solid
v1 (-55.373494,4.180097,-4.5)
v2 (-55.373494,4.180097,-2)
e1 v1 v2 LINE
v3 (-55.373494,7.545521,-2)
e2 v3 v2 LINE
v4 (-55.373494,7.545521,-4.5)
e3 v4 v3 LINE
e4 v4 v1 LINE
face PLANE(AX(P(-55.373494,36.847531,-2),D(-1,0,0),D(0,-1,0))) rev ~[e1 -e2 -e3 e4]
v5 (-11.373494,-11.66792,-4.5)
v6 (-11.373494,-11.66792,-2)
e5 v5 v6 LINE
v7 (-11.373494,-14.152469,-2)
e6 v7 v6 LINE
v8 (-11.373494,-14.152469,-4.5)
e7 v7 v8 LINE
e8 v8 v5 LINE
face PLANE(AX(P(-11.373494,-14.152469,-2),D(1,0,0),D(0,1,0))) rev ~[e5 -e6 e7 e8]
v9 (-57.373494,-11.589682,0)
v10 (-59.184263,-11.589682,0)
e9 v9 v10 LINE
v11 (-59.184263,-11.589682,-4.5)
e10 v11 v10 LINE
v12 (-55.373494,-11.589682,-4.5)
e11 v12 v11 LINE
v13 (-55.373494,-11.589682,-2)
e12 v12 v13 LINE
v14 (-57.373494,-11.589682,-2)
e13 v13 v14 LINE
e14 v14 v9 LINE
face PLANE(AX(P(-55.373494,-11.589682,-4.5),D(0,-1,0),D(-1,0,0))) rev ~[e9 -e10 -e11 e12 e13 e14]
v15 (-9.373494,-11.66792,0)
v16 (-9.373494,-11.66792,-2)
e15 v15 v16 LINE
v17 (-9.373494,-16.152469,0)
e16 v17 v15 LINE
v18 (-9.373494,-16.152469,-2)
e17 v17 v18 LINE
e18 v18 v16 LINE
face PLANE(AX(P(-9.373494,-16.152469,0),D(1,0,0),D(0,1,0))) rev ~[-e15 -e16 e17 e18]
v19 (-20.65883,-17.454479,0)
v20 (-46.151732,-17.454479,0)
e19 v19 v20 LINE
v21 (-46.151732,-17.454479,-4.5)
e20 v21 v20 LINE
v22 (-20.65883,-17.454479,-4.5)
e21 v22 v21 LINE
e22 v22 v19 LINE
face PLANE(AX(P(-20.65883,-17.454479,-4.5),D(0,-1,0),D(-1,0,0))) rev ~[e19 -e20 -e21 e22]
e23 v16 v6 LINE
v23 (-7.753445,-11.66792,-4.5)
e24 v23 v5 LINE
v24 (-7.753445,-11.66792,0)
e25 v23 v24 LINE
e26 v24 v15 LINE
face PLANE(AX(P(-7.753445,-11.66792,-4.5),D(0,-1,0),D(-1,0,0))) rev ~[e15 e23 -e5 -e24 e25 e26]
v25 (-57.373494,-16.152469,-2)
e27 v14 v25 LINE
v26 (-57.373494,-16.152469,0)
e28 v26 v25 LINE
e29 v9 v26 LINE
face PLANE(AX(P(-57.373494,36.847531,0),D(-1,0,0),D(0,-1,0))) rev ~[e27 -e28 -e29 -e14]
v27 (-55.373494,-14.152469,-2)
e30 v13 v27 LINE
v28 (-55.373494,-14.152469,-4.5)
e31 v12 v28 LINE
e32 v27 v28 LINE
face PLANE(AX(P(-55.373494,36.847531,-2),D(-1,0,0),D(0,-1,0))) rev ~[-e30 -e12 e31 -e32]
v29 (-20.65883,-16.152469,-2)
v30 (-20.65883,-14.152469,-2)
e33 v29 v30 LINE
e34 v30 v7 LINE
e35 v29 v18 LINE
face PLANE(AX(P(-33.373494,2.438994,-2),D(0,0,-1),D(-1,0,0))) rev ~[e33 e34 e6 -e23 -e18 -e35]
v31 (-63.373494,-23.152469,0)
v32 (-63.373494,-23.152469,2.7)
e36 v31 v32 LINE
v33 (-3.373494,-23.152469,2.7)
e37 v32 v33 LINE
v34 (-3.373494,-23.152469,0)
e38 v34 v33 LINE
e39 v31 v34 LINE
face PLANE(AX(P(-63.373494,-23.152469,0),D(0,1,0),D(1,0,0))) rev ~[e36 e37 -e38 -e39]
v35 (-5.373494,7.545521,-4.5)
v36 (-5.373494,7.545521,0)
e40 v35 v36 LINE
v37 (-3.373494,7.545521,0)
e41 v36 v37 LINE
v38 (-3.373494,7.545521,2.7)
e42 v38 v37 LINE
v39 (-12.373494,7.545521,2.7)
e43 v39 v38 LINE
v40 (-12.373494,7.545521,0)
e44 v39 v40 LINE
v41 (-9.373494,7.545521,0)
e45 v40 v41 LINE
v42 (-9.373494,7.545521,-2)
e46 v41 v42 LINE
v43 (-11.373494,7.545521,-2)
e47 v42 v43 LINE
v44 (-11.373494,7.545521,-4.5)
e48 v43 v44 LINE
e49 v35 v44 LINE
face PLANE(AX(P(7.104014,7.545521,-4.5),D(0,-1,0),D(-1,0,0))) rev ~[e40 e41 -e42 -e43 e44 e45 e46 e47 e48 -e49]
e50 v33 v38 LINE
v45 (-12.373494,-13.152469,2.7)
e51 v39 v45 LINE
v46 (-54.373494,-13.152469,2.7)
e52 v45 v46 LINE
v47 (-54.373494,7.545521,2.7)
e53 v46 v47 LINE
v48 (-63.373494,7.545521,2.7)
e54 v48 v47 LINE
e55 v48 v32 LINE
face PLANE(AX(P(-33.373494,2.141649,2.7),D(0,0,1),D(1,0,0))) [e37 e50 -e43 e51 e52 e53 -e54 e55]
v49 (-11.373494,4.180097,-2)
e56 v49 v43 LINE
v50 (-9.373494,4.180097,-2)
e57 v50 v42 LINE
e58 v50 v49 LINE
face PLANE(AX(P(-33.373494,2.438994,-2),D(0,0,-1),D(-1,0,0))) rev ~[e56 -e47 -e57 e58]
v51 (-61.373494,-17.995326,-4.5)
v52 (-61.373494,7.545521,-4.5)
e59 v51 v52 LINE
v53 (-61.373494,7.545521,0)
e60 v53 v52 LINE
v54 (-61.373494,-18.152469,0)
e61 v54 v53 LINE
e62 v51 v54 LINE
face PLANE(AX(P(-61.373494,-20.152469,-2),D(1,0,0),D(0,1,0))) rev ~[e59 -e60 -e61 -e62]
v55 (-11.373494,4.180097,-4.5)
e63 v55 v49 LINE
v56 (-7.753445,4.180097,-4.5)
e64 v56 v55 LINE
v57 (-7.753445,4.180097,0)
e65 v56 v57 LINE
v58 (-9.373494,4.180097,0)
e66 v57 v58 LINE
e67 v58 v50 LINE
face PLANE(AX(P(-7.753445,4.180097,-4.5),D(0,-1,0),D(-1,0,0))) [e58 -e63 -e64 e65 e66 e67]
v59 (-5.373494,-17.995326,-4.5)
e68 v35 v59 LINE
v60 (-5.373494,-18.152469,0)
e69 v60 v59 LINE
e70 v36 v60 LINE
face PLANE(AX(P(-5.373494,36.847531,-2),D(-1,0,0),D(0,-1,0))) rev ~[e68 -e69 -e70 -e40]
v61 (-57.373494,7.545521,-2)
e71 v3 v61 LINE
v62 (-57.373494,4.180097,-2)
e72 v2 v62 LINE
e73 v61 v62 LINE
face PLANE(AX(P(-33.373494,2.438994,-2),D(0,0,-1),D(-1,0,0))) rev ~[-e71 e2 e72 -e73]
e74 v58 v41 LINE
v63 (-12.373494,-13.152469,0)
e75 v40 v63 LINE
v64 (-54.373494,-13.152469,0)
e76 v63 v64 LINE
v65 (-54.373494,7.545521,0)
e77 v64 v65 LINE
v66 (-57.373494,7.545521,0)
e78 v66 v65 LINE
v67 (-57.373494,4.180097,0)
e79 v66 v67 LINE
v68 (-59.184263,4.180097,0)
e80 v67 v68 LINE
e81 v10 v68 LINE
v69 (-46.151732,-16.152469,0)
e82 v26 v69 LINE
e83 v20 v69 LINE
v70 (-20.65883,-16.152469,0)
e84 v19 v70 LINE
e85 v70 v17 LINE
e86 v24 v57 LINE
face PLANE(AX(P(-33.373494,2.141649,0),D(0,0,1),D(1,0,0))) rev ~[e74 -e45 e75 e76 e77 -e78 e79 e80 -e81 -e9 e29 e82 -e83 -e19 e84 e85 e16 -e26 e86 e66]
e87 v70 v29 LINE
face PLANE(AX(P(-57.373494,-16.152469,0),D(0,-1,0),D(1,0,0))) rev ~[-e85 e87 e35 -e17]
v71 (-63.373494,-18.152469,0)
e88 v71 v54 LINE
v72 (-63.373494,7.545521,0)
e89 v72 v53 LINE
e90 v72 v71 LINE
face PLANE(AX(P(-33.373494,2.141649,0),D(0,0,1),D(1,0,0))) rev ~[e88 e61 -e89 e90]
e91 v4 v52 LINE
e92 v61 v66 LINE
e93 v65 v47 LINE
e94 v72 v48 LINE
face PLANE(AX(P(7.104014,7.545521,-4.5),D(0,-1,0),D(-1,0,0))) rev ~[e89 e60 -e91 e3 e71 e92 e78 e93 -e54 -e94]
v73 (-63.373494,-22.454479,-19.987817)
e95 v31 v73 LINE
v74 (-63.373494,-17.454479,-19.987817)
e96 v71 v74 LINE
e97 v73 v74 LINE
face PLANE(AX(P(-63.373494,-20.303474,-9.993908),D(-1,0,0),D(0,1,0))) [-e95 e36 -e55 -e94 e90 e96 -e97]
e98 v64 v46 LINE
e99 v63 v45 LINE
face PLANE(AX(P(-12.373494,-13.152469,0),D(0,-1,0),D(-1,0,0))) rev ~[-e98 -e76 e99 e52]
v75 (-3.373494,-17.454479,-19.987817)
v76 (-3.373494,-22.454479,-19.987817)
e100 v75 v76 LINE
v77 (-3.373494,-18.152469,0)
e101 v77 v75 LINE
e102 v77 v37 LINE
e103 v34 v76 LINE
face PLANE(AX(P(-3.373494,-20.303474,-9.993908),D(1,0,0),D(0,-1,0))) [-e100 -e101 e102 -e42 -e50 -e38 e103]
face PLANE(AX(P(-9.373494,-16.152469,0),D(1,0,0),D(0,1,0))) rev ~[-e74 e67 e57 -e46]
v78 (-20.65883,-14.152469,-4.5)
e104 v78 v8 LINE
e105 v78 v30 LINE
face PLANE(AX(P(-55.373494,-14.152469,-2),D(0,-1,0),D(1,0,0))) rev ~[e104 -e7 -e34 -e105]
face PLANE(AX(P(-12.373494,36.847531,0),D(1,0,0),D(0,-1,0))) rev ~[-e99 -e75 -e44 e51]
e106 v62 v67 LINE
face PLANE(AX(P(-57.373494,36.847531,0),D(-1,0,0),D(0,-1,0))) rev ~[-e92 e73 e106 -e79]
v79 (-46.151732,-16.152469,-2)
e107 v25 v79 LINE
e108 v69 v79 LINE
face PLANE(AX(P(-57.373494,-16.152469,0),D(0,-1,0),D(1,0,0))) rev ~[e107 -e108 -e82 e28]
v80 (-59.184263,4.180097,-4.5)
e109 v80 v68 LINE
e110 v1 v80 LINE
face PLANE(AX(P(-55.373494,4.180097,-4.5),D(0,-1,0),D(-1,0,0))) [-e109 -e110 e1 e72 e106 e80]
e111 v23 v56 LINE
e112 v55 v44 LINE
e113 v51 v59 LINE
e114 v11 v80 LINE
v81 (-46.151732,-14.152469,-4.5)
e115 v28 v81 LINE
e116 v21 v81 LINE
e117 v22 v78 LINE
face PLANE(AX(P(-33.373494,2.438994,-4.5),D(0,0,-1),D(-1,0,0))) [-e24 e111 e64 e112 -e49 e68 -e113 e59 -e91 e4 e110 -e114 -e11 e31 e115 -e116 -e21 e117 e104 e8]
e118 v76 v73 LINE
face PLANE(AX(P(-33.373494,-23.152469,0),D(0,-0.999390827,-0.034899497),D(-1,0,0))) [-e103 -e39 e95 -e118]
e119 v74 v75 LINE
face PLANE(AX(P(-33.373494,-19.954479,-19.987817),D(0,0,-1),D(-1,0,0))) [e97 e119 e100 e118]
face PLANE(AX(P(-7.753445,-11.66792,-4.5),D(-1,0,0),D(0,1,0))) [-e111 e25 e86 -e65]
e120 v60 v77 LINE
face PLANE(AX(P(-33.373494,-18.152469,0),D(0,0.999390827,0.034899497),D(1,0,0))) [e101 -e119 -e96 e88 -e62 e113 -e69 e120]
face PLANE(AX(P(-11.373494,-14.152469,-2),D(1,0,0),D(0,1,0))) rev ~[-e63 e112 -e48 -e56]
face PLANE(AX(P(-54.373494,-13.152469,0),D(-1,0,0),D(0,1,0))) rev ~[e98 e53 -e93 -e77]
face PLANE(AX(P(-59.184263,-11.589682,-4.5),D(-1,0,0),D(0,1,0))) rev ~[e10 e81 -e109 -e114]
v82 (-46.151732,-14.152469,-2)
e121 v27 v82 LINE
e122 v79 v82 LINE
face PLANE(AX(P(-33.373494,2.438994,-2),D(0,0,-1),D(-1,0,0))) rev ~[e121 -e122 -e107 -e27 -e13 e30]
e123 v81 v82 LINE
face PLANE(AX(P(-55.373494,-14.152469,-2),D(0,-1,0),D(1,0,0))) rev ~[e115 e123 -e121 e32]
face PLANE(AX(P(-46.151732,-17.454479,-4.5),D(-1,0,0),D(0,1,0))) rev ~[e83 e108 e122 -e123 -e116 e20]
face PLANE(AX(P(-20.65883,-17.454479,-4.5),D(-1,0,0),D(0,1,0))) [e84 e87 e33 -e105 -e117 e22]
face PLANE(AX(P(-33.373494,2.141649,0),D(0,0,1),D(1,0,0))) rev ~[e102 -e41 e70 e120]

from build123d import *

# Parameters (mm, degrees)
BOSS_EXTRUDE1_DEPTH = 2.7
BOSS_EXTRUDE2_DEPTH = 2
BOSS_EXTRUDE3_DEPTH = 2.5
SKETCH9_W           = 60
SKETCH9_H           = 5
CUT_EXTRUDE6_DEPTH  = 10
SKETCH11_W          = 25.492902138
SKETCH11_H          = 3.302010066
SKETCH11_W_2        = 3.620048782
SKETCH11_H_2        = 15.848017525
SKETCH11_W_3        = 3.810768748
SKETCH11_H_3        = 15.769779212
CUT_EXTRUDE7_DEPTH  = 4.5


with BuildPart() as part:
    # Sketch1 → Boss-Extrude1 (new body)
    with BuildSketch(Plane.XY):
        Polygon((-54.373493976, 36.84753086), (-63.373493976, 36.84753086), (-63.373493976, -23.15246914), (-3.373493976, -23.15246914), (-3.373493976, 36.84753086), (-12.373493976, 36.84753086), (-12.373493976, -13.15246914), (-54.373493976, -13.15246914), align=None)
    extrude(amount=BOSS_EXTRUDE1_DEPTH)

    # Sketch3 → Boss-Extrude2 (add)
    with BuildSketch(Plane(origin=(0, 0, 0), x_dir=(-1, 0, 0), z_dir=(0, 0, -1))):
        Polygon((9.373493976, -16.15246914), (9.373493976, 36.84753086), (5.373493976, 36.84753086), (5.373493976, -20.15246914), (61.373493976, -20.15246914), (61.373493976, 36.84753086), (57.373493976, 36.84753086), (57.373493976, -16.15246914), align=None)
    extrude(amount=BOSS_EXTRUDE2_DEPTH)

    # Sketch4 → Boss-Extrude3 (add)
    with BuildSketch(Plane(origin=(0, 0, -2), x_dir=(-1, 0, 0), z_dir=(0, 0, -1))):
        Polygon((55.373493976, 36.84753086), (55.373493976, -14.15246914), (11.373493976, -14.15246914), (11.373493976, 36.84753086), (5.373493976, 36.84753086), (5.373493976, -20.15246914), (61.373493976, -20.15246914), (61.373493976, 36.84753086), align=None)
    extrude(amount=BOSS_EXTRUDE3_DEPTH)

    # Sweep1: sweep along a curve in space
    with BuildLine() as sweep1_path:
        Line((-33.373493976, -20.65246914, 0), (-33.373493976, -19.954479206, -19.98781654))
    # Sketch9 → Sweep1 (sweep)
    with BuildSketch(Plane(origin=(0, 0, 0), x_dir=(-1, 0, 0), z_dir=(0, 0, -1))):
        with Locations((33.373493976, -20.65246914)):
            Rectangle(SKETCH9_W, SKETCH9_H)
    sweep(path=sweep1_path.line)

    # Sketch10 → Cut-Extrude6 (cut)
    with BuildSketch(Plane(origin=(0, 0, -4.5), x_dir=(-1, 0, 0), z_dir=(0, 0, -1))):
        Polygon((3.373493976, 7.545520794), (63.373493976, 7.545520794), (73.535080065, 7.545520794), (73.535080065, 46.239057039), (-7.104014128, 46.239057039), (-7.104014128, 7.545520794), align=None)
    extrude(amount=-CUT_EXTRUDE6_DEPTH, mode=Mode.SUBTRACT)

    # Sketch11 → Cut-Extrude7 (cut)
    with BuildSketch(Plane(origin=(0, 0, -4.5), x_dir=(-1, 0, 0), z_dir=(0, 0, -1))):
        with Locations((33.405280637, -15.803474173)):
            Rectangle(SKETCH11_W, SKETCH11_H)
        with Locations((9.563469585, -3.743911731)):
            Rectangle(SKETCH11_W_2, SKETCH11_H_2)
        with Locations((57.27887835, -3.704792574)):
            Rectangle(SKETCH11_W_3, SKETCH11_H_3)
    extrude(amount=-CUT_EXTRUDE7_DEPTH, mode=Mode.SUBTRACT)


solid = part.part
